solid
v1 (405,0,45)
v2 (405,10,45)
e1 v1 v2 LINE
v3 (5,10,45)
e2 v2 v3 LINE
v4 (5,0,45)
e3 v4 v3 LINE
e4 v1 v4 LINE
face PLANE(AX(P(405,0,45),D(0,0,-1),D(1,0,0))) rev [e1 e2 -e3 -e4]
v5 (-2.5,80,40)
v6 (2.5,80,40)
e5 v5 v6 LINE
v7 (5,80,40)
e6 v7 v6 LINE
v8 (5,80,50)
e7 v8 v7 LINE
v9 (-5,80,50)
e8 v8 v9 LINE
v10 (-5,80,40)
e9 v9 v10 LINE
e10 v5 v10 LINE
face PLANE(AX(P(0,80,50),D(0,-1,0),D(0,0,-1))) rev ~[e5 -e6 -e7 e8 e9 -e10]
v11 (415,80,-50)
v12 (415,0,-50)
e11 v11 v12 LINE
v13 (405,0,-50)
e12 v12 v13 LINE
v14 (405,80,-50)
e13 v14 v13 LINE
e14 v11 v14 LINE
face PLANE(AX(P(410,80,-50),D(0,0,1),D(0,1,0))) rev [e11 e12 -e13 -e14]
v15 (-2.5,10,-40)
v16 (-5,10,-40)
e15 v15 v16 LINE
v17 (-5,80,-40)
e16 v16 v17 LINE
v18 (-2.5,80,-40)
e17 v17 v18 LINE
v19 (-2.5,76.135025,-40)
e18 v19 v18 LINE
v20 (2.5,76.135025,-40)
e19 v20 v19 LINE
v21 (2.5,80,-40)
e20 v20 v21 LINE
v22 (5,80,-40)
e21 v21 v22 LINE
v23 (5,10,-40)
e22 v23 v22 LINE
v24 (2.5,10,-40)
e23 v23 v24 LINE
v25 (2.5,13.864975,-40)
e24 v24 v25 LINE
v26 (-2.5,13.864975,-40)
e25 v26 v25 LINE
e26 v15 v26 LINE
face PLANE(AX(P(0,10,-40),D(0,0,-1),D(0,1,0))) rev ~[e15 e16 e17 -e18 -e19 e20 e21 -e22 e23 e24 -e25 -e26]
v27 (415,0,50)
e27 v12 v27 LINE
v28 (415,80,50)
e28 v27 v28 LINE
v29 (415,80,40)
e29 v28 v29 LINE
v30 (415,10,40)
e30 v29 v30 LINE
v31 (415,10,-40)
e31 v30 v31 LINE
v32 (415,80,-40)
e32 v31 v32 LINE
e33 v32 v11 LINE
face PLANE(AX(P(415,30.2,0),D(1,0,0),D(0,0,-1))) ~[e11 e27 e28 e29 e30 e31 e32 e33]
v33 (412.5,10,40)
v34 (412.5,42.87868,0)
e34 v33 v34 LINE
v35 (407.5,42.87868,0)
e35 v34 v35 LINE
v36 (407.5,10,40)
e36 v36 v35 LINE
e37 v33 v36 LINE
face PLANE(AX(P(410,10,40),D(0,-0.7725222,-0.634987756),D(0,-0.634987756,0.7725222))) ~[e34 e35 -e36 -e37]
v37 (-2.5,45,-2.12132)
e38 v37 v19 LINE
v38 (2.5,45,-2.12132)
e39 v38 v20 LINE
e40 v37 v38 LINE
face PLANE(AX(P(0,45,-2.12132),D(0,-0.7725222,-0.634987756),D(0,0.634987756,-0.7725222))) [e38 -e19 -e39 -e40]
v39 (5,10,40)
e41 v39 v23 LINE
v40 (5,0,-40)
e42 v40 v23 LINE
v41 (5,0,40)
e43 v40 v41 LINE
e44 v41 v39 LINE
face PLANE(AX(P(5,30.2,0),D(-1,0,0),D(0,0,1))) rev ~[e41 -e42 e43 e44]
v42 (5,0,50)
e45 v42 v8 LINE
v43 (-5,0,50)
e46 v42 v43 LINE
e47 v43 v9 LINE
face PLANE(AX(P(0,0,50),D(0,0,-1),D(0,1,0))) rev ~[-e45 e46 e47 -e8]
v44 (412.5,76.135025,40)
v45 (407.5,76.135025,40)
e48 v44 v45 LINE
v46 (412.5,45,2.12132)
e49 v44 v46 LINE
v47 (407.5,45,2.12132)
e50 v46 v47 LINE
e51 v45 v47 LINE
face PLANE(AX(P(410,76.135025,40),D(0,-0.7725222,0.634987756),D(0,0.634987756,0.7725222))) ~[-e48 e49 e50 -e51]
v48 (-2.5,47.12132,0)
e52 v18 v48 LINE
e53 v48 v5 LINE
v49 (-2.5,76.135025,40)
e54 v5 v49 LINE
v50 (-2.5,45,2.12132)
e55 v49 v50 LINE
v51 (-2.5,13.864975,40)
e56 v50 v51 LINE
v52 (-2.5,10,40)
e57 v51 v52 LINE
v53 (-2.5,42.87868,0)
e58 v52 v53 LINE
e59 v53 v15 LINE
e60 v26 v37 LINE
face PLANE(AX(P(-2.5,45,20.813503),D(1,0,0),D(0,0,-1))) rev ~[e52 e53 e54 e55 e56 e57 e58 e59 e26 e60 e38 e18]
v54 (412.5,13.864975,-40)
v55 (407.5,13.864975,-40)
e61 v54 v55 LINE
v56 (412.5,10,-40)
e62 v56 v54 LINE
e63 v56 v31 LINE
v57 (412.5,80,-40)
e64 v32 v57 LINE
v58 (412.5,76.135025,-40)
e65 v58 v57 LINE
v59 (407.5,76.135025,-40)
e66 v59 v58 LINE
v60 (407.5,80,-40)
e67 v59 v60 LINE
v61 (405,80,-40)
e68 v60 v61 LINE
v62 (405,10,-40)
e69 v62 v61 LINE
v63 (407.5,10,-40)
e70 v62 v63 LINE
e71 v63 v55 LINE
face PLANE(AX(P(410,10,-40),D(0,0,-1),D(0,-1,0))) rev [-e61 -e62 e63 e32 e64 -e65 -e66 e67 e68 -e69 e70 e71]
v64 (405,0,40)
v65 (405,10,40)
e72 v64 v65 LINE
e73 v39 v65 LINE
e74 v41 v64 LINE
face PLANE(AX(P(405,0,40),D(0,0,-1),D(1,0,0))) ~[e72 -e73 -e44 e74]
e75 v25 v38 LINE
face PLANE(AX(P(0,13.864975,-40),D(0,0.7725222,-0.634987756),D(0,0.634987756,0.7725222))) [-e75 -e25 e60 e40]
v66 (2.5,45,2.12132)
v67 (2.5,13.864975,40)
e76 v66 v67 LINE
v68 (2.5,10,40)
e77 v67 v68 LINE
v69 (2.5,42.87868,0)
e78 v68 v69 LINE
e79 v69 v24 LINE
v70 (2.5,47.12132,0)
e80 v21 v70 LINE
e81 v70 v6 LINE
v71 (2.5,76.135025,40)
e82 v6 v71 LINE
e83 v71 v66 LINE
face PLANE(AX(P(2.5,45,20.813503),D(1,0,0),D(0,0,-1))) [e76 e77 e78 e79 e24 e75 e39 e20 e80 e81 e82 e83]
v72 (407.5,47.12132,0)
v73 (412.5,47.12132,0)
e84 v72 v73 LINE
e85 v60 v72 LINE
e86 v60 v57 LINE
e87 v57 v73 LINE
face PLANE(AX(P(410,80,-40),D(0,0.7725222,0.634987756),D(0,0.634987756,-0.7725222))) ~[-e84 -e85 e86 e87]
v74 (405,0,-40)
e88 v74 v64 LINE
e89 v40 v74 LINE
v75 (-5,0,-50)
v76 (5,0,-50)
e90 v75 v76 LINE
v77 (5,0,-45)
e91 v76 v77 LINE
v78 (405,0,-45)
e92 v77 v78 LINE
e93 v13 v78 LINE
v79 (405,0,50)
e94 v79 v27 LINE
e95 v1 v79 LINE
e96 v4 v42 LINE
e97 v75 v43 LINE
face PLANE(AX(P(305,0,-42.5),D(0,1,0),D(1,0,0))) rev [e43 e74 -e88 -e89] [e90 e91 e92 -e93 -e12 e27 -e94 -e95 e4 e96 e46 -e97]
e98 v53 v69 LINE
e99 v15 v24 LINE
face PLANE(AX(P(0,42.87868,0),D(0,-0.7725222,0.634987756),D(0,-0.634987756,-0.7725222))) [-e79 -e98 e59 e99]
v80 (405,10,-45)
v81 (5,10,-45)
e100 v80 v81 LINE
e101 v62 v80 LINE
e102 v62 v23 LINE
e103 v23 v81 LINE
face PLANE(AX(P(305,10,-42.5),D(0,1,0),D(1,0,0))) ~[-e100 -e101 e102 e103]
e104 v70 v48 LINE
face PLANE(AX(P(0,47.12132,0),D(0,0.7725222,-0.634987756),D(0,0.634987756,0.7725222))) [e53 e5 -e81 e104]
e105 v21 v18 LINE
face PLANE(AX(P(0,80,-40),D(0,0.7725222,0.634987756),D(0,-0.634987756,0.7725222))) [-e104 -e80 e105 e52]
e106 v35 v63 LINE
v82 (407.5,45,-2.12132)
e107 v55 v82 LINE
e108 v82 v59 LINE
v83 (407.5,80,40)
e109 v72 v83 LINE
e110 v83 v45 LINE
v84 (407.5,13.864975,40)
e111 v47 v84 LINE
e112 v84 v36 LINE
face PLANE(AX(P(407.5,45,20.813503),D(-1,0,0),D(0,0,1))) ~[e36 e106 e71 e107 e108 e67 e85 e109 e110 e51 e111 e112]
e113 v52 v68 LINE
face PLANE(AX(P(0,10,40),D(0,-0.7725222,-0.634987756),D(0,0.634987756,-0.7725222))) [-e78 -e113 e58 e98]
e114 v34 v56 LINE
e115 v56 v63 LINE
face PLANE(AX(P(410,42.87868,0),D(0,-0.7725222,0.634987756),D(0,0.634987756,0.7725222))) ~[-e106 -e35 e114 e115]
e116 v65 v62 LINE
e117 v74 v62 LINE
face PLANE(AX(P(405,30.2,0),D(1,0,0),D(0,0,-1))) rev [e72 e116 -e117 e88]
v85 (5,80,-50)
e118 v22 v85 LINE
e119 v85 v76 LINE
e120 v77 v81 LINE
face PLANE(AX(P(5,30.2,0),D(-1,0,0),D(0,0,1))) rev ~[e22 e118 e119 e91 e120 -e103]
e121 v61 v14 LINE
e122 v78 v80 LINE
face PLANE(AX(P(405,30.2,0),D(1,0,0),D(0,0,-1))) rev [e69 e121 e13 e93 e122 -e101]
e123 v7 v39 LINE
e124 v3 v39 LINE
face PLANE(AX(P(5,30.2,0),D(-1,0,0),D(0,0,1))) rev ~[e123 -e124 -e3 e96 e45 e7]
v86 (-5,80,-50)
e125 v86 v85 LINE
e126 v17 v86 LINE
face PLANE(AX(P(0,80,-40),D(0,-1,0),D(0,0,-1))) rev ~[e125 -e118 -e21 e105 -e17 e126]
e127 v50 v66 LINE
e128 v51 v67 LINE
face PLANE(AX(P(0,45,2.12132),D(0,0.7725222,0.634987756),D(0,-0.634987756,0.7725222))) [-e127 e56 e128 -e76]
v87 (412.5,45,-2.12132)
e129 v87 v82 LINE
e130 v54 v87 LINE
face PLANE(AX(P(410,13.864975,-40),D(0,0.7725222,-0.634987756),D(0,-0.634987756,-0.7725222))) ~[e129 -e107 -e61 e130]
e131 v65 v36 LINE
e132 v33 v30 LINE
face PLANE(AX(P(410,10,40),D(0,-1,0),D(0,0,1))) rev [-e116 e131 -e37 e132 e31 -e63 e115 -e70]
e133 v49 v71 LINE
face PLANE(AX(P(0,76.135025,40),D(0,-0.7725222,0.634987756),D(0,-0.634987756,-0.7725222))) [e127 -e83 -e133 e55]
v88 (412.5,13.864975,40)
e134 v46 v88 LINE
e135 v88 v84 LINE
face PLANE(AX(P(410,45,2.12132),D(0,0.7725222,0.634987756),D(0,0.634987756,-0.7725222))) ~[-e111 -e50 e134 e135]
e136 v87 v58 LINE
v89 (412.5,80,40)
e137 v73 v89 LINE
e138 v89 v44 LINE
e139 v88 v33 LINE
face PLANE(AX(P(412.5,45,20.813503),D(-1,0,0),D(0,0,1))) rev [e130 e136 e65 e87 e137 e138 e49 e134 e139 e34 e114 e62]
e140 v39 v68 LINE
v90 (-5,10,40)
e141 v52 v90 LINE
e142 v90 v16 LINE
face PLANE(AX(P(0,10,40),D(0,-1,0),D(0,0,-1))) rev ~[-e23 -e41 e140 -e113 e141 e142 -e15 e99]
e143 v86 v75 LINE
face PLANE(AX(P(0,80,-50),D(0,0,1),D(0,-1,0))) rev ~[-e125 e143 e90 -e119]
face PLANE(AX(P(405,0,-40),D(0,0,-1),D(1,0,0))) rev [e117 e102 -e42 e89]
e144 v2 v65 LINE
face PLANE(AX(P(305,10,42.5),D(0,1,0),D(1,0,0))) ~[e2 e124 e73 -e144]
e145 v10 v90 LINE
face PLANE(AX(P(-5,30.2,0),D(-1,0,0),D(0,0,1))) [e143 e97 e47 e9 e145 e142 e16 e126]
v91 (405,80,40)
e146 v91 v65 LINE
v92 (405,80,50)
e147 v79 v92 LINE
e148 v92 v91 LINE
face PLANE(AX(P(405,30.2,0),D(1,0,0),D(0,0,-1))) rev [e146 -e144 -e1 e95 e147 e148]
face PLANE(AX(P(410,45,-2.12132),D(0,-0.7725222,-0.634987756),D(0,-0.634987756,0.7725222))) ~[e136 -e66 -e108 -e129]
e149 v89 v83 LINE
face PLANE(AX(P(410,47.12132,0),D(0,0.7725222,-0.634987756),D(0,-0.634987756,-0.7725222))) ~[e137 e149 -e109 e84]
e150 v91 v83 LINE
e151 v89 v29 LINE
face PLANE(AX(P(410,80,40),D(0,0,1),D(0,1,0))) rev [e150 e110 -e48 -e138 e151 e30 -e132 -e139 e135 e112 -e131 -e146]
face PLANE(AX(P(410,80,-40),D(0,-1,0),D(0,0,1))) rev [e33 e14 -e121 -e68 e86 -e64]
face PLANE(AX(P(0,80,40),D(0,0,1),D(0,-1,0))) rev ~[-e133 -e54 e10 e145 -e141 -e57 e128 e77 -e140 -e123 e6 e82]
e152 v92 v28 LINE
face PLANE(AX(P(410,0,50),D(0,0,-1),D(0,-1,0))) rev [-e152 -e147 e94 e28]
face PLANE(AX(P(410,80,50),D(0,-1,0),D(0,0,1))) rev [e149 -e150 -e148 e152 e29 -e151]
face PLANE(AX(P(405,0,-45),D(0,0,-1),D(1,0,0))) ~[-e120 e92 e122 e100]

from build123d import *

# Parameters (mm, degrees)
BOSS_EXTRUDE1_DEPTH = 5
BOSS_EXTRUDE2_DEPTH = 2.5
SKETCH2_W           = 200
SKETCH2_H           = 5
BOSS_EXTRUDE3_DEPTH = 10


with BuildPart() as part:
    # Sketch1 → Boss-Extrude1 (new, symmetric)
    with BuildSketch(Plane(origin=(0, 0, 0), x_dir=(0, 0, -1), z_dir=(1, 0, 0))):
        Polygon((-50, 80), (-50, 0), (50, 0), (50, 80), (40, 80), (40, 76.135024964), (40, 13.864975036), (40, 10), (-40, 10), (-40, 13.864975036), (-40, 76.135024964), (-40, 80), align=None)
    extrude(amount=BOSS_EXTRUDE1_DEPTH, both=True)

    # Sketch1<4> → Boss-Extrude2 (add, symmetric)
    with BuildSketch(Plane(origin=(0, 0, 0), x_dir=(0, 0, -1), z_dir=(1, 0, 0))):
        Polygon((0, 47.12132), (-40, 80), (-40, 76.135024964), (-2.12132, 45), (-40, 13.864975036), (-40, 10), (0, 42.87868), (40, 10), (40, 13.864975036), (2.12132, 45), (40, 76.135024964), (40, 80), align=None)
    extrude(amount=BOSS_EXTRUDE2_DEPTH, both=True)

    # Sketch2 → Boss-Extrude3 (add)
    with BuildSketch(Plane(origin=(0, 0, 0), x_dir=(1, 0, 0), z_dir=(0, 1, 0))):
        with Locations((105, 42.5)):
            Rectangle(SKETCH2_W, SKETCH2_H)
        with Locations((105, -42.5)):
            Rectangle(SKETCH2_W, SKETCH2_H)
    extrude(amount=BOSS_EXTRUDE3_DEPTH)

    # Mirror1: part across plane


with BuildPart() as part_1:
    add(part.part)
    add(part.part.mirror(Plane(origin=(205, 10, 40), x_dir=(0, 0, 1), z_dir=(-1, 0, 0))))


solid = part_1.part
